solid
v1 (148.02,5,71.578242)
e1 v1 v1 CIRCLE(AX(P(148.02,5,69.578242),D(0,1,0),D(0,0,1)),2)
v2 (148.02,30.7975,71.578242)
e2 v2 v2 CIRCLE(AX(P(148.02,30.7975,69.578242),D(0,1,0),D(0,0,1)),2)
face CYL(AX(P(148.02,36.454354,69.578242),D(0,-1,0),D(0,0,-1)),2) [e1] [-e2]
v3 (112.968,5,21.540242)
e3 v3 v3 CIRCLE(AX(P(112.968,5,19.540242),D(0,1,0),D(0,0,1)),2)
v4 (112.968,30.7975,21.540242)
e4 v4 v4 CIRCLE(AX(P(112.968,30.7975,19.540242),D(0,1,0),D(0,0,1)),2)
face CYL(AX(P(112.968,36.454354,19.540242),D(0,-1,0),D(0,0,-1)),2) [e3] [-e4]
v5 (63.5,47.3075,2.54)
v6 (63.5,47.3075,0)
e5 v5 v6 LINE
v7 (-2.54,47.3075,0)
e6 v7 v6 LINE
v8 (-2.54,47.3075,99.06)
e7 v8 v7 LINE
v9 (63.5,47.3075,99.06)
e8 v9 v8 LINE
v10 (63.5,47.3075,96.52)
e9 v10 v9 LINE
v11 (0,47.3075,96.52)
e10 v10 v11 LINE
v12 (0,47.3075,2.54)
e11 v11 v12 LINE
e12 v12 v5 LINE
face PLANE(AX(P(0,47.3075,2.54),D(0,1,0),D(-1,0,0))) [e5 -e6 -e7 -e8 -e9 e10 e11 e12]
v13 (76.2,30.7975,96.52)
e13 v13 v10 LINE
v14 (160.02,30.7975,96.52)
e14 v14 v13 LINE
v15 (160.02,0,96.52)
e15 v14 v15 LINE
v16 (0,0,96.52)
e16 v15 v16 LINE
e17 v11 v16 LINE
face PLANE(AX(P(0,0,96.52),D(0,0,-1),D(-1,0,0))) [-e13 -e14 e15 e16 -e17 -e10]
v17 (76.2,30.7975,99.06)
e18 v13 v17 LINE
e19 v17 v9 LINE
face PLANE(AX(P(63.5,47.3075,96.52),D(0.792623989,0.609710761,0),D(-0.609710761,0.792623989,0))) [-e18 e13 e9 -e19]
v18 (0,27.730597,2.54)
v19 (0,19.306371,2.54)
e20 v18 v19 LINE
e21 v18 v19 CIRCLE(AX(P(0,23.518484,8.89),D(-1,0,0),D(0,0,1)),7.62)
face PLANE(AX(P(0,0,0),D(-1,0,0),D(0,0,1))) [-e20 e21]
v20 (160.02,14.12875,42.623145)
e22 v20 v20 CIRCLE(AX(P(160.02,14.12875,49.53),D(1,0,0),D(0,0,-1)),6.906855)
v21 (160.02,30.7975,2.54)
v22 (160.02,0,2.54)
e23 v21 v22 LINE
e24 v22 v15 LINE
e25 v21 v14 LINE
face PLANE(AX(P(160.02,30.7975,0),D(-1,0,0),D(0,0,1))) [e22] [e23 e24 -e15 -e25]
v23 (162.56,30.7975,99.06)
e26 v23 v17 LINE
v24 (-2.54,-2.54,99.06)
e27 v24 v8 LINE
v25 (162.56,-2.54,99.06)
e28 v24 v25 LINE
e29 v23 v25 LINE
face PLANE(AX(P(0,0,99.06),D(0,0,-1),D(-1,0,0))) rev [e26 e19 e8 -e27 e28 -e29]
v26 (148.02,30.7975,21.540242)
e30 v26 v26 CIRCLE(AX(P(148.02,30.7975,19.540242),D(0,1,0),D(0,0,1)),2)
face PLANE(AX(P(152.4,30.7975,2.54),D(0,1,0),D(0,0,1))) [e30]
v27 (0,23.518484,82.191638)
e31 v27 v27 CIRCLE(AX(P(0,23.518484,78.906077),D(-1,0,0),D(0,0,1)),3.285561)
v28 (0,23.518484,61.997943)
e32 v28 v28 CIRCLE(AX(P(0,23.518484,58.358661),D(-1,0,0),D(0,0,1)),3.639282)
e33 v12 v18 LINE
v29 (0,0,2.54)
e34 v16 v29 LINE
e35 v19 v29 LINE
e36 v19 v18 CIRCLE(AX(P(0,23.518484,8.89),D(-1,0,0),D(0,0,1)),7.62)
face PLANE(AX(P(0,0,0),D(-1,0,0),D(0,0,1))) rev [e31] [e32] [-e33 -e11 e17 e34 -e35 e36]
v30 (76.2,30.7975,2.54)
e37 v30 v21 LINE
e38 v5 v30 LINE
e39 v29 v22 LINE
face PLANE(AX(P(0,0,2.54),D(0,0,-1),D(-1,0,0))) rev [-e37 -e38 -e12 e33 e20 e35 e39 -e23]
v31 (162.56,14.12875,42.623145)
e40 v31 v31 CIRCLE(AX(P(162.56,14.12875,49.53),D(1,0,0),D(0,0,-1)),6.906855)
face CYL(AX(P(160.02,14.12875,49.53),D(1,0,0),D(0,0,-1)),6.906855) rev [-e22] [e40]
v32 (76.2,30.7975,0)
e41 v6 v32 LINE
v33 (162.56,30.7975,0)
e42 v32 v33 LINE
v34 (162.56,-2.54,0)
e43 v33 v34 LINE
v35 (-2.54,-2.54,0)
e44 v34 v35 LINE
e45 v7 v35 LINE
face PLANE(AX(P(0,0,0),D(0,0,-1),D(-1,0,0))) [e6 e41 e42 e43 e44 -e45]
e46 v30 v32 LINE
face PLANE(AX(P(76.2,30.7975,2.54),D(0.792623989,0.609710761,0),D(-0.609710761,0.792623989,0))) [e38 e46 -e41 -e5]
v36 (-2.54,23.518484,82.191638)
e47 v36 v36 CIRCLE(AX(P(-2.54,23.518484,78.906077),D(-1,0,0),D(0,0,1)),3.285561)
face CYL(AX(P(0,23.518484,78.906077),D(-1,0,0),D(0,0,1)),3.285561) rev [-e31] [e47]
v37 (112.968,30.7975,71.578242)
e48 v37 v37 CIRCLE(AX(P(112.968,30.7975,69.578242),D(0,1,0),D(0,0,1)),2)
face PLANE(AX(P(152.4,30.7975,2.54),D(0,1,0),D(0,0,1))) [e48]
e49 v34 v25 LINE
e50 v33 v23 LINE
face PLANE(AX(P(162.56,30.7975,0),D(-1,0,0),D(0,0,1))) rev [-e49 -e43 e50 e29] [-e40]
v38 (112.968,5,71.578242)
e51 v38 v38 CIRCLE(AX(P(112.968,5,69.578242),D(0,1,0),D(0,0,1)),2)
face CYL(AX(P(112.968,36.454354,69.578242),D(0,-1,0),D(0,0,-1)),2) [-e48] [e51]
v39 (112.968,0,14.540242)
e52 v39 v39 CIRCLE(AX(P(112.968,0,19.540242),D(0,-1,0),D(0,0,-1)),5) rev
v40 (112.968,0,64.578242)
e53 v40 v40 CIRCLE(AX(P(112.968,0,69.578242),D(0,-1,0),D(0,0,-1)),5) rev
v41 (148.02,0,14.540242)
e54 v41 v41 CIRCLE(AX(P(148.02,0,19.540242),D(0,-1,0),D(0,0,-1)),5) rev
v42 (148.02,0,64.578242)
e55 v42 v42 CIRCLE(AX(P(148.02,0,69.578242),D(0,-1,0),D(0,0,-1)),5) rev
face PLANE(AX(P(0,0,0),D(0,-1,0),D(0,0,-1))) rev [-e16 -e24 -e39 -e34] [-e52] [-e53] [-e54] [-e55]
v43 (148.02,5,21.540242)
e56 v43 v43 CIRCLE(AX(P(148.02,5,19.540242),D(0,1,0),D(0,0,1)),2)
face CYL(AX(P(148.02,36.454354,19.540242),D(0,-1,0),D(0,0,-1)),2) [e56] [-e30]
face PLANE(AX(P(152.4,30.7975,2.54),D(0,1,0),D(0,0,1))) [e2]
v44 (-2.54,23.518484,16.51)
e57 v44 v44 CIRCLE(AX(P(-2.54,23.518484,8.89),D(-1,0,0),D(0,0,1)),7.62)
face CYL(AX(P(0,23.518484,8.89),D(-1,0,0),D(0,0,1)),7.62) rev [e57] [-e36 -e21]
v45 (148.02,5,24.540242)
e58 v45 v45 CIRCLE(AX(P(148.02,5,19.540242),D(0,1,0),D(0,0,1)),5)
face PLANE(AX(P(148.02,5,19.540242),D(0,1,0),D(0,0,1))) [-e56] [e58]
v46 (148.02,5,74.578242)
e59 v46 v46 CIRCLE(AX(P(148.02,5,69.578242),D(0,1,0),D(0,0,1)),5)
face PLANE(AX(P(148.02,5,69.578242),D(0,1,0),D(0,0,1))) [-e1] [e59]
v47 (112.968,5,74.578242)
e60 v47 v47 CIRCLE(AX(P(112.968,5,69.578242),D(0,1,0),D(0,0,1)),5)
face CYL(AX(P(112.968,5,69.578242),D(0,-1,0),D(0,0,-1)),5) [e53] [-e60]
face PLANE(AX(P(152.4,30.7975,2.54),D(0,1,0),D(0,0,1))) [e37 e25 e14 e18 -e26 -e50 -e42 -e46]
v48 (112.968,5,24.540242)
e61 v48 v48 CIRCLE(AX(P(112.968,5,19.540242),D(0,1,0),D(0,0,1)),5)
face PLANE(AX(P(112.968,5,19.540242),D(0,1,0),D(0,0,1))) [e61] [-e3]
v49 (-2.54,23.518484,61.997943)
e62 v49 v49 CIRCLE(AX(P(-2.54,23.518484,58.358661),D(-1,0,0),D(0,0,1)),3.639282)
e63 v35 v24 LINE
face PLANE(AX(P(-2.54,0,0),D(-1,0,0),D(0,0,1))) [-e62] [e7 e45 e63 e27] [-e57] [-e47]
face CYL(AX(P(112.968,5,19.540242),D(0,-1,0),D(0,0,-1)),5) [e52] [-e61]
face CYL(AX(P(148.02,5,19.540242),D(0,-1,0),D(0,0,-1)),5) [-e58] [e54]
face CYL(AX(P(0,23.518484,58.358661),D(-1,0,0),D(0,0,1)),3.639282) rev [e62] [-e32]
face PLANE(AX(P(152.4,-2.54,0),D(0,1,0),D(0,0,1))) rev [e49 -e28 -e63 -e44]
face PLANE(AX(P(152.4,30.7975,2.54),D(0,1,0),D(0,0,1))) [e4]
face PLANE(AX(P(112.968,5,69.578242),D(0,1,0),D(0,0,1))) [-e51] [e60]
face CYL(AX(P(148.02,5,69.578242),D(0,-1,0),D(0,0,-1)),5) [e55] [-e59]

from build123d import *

# Parameters (mm, degrees)
BOSS_EXTRUDE1_DEPTH  = 2.54
SKETCH2_W            = 152.4
SKETCH2_H            = 93.98
BOSS_EXTRUDE2_DEPTH  = 2.54
BOSS_EXTRUDE3_DEPTH  = 2.54
SKETCH4_W            = 152.4
SKETCH4_H            = 2.54
BOSS_EXTRUDE4_DEPTH  = 2.54
BOSS_EXTRUDE13_DEPTH = 2.54
BOSS_EXTRUDE14_DEPTH = 2.54
SKETCH19_W           = 7.62
SKETCH19_H           = 33.3375
BOSS_EXTRUDE15_DEPTH = 2.54
SKETCH20_W           = 7.62
SKETCH20_H           = 33.3375
BOSS_EXTRUDE16_DEPTH = 2.54
SKETCH21_W           = 93.98
SKETCH21_H           = 2.54
BOSS_EXTRUDE17_DEPTH = 7.62
SKETCH22_W           = 2.54
SKETCH22_H           = 33.3375
BOSS_EXTRUDE18_DEPTH = 99.06
SKETCH23_W           = 99.06
SKETCH23_H           = 49.8475
BOSS_EXTRUDE19_DEPTH = 2.54
SKETCH24_R           = 3.639281935
SKETCH24_R_2         = 7.62
SKETCH24_R_3         = 3.285560526
CUT_EXTRUDE2_DEPTH   = 2.54
SKETCH25_R           = 6.906854853
CUT_EXTRUDE3_DEPTH   = 2.54
SKETCH29_R           = 2
BOSS_EXTRUDE20_DEPTH = 30.7975
SKETCH31_R           = 5
BOSS_EXTRUDE21_DEPTH = 5


with BuildPart() as part:
    # Sketch1 → Boss-Extrude1 (new body)
    with BuildSketch(Plane.XY):
        Polygon((0, 0), (152.4, 0), (152.4, 26.9875), (76.2, 26.9875), (63.5, 43.4975), (0, 43.4975), align=None)
    extrude(amount=BOSS_EXTRUDE1_DEPTH)



with BuildPart() as body_2:
    # Sketch2 → Boss-Extrude2 (new body)
    with BuildSketch(Plane(origin=(0, 0, 0), x_dir=(-1, 0, 0), z_dir=(0, -1, 0))):
        with Locations((-76.2, -49.53)):
            Rectangle(SKETCH2_W, SKETCH2_H)
    extrude(amount=BOSS_EXTRUDE2_DEPTH)

    # Sketch3 → Boss-Extrude3 (add)
    with BuildSketch(Plane.XY.offset(96.52)):
        Polygon((0, 0), (0, 43.4975), (63.5, 43.4975), (76.2, 26.9875), (152.4, 26.9875), (152.4, -2.54), (0, -2.54), align=None)
    extrude(amount=BOSS_EXTRUDE3_DEPTH)


with BuildPart() as part_1:
    add(part.part)

    add(body_2.part)  # Boss-Extrude4 merges body 2
    # Sketch4 → Boss-Extrude4 (add)
    with BuildSketch(Plane(origin=(0, 0, 2.54), x_dir=(-1, 0, 0), z_dir=(0, 0, -1))):
        with Locations((-76.2, -1.27)):
            Rectangle(SKETCH4_W, SKETCH4_H)
    extrude(amount=BOSS_EXTRUDE4_DEPTH)

    # Sketch10 → Boss-Extrude13 (add)
    with BuildSketch(Plane(origin=(0, 0, 0), x_dir=(-1, 0, 0), z_dir=(0, 0, -1))):
        Polygon((0, 43.4975), (0, 47.3075), (-63.5, 47.3075), (-76.2, 30.7975), (-152.4, 30.7975), (-152.4, 26.9875), (-76.2, 26.9875), (-63.5, 43.4975), align=None)
    extrude(amount=-BOSS_EXTRUDE13_DEPTH)

    # Sketch18 → Boss-Extrude14 (add)
    with BuildSketch(Plane.XY.offset(99.06)):
        Polygon((0, 43.4975), (0, 47.3075), (63.5, 47.3075), (76.2, 30.7975), (152.4, 30.7975), (152.4, 26.9875), (76.2, 26.9875), (63.5, 43.4975), align=None)
    extrude(amount=-BOSS_EXTRUDE14_DEPTH)

    # Sketch19 → Boss-Extrude15 (add)
    with BuildSketch(Plane.XY.offset(99.06)):
        with Locations((156.21, 14.12875)):
            Rectangle(SKETCH19_W, SKETCH19_H)
    extrude(amount=-BOSS_EXTRUDE15_DEPTH)

    # Sketch20 → Boss-Extrude16 (add)
    with BuildSketch(Plane(origin=(0, 0, 0), x_dir=(-1, 0, 0), z_dir=(0, 0, -1))):
        with Locations((-156.21, 14.12875)):
            Rectangle(SKETCH20_W, SKETCH20_H)
    extrude(amount=-BOSS_EXTRUDE16_DEPTH)

    # Sketch21 → Boss-Extrude17 (add)
    with BuildSketch(Plane(origin=(152.4, 0, 0), x_dir=(0, 0, -1), z_dir=(1, 0, 0))):
        with Locations((-49.53, -1.27)):
            Rectangle(SKETCH21_W, SKETCH21_H)
    extrude(amount=BOSS_EXTRUDE17_DEPTH)

    # Sketch22 → Boss-Extrude18 (add)
    with BuildSketch(Plane.XY.offset(99.06)):
        with Locations((161.29, 14.12875)):
            Rectangle(SKETCH22_W, SKETCH22_H)
    extrude(amount=-BOSS_EXTRUDE18_DEPTH)

    # Sketch23 → Boss-Extrude19 (add)
    with BuildSketch(Plane.ZY):
        with Locations((49.53, 22.38375)):
            Rectangle(SKETCH23_W, SKETCH23_H)
    extrude(amount=BOSS_EXTRUDE19_DEPTH)

    # Sketch24 → Cut-Extrude2 (cut)
    with BuildSketch(Plane.ZY.offset(2.54)):
        with Locations((58.358660758, 23.518484008)):
            Circle(SKETCH24_R)
        with Locations((8.89, 23.518484008)):
            Circle(SKETCH24_R_2)
        with Locations((78.906077051, 23.518484008)):
            Circle(SKETCH24_R_3)
    extrude(amount=-CUT_EXTRUDE2_DEPTH, mode=Mode.SUBTRACT)

    # Sketch25 → Cut-Extrude3 (cut)
    with BuildSketch(Plane(origin=(162.56, 0, 0), x_dir=(0, 0, -1), z_dir=(1, 0, 0))):
        with Locations((-49.53, 14.12875)):
            Circle(SKETCH25_R)
    extrude(amount=-CUT_EXTRUDE3_DEPTH, mode=Mode.SUBTRACT)

    # Sketch29 → Boss-Extrude20 (add)
    with BuildSketch(Plane(origin=(0, 0, 0), x_dir=(1, 0, 0), z_dir=(0, 1, 0))):
        with Locations(Location((112.968, -19.540242478, 0), (0, 0, 90))):
            Circle(SKETCH29_R)
        with Locations(Location((148.02, -19.540242478, 0), (0, 0, 90))):
            Circle(SKETCH29_R)
        with Locations(Location((112.968, -69.578242478, 0), (0, 0, 90))):
            Circle(SKETCH29_R)
        with Locations(Location((148.02, -69.578242478, 0), (0, 0, 90))):
            Circle(SKETCH29_R)
    extrude(amount=BOSS_EXTRUDE20_DEPTH)

    # Sketch31 → Boss-Extrude21 (add)
    with BuildSketch(Plane(origin=(0, 0, 0), x_dir=(1, 0, 0), z_dir=(0, 1, 0))):
        with Locations(Location((112.968, -19.540242478, 0), (0, 0, 90))):
            Circle(SKETCH31_R)
        with Locations(Location((148.02, -19.540242478, 0), (0, 0, 90))):
            Circle(SKETCH31_R)
        with Locations(Location((112.968, -69.578242478, 0), (0, 0, 90))):
            Circle(SKETCH31_R)
        with Locations(Location((148.02, -69.578242478, 0), (0, 0, 90))):
            Circle(SKETCH31_R)
    extrude(amount=BOSS_EXTRUDE21_DEPTH)


solid = part_1.part
